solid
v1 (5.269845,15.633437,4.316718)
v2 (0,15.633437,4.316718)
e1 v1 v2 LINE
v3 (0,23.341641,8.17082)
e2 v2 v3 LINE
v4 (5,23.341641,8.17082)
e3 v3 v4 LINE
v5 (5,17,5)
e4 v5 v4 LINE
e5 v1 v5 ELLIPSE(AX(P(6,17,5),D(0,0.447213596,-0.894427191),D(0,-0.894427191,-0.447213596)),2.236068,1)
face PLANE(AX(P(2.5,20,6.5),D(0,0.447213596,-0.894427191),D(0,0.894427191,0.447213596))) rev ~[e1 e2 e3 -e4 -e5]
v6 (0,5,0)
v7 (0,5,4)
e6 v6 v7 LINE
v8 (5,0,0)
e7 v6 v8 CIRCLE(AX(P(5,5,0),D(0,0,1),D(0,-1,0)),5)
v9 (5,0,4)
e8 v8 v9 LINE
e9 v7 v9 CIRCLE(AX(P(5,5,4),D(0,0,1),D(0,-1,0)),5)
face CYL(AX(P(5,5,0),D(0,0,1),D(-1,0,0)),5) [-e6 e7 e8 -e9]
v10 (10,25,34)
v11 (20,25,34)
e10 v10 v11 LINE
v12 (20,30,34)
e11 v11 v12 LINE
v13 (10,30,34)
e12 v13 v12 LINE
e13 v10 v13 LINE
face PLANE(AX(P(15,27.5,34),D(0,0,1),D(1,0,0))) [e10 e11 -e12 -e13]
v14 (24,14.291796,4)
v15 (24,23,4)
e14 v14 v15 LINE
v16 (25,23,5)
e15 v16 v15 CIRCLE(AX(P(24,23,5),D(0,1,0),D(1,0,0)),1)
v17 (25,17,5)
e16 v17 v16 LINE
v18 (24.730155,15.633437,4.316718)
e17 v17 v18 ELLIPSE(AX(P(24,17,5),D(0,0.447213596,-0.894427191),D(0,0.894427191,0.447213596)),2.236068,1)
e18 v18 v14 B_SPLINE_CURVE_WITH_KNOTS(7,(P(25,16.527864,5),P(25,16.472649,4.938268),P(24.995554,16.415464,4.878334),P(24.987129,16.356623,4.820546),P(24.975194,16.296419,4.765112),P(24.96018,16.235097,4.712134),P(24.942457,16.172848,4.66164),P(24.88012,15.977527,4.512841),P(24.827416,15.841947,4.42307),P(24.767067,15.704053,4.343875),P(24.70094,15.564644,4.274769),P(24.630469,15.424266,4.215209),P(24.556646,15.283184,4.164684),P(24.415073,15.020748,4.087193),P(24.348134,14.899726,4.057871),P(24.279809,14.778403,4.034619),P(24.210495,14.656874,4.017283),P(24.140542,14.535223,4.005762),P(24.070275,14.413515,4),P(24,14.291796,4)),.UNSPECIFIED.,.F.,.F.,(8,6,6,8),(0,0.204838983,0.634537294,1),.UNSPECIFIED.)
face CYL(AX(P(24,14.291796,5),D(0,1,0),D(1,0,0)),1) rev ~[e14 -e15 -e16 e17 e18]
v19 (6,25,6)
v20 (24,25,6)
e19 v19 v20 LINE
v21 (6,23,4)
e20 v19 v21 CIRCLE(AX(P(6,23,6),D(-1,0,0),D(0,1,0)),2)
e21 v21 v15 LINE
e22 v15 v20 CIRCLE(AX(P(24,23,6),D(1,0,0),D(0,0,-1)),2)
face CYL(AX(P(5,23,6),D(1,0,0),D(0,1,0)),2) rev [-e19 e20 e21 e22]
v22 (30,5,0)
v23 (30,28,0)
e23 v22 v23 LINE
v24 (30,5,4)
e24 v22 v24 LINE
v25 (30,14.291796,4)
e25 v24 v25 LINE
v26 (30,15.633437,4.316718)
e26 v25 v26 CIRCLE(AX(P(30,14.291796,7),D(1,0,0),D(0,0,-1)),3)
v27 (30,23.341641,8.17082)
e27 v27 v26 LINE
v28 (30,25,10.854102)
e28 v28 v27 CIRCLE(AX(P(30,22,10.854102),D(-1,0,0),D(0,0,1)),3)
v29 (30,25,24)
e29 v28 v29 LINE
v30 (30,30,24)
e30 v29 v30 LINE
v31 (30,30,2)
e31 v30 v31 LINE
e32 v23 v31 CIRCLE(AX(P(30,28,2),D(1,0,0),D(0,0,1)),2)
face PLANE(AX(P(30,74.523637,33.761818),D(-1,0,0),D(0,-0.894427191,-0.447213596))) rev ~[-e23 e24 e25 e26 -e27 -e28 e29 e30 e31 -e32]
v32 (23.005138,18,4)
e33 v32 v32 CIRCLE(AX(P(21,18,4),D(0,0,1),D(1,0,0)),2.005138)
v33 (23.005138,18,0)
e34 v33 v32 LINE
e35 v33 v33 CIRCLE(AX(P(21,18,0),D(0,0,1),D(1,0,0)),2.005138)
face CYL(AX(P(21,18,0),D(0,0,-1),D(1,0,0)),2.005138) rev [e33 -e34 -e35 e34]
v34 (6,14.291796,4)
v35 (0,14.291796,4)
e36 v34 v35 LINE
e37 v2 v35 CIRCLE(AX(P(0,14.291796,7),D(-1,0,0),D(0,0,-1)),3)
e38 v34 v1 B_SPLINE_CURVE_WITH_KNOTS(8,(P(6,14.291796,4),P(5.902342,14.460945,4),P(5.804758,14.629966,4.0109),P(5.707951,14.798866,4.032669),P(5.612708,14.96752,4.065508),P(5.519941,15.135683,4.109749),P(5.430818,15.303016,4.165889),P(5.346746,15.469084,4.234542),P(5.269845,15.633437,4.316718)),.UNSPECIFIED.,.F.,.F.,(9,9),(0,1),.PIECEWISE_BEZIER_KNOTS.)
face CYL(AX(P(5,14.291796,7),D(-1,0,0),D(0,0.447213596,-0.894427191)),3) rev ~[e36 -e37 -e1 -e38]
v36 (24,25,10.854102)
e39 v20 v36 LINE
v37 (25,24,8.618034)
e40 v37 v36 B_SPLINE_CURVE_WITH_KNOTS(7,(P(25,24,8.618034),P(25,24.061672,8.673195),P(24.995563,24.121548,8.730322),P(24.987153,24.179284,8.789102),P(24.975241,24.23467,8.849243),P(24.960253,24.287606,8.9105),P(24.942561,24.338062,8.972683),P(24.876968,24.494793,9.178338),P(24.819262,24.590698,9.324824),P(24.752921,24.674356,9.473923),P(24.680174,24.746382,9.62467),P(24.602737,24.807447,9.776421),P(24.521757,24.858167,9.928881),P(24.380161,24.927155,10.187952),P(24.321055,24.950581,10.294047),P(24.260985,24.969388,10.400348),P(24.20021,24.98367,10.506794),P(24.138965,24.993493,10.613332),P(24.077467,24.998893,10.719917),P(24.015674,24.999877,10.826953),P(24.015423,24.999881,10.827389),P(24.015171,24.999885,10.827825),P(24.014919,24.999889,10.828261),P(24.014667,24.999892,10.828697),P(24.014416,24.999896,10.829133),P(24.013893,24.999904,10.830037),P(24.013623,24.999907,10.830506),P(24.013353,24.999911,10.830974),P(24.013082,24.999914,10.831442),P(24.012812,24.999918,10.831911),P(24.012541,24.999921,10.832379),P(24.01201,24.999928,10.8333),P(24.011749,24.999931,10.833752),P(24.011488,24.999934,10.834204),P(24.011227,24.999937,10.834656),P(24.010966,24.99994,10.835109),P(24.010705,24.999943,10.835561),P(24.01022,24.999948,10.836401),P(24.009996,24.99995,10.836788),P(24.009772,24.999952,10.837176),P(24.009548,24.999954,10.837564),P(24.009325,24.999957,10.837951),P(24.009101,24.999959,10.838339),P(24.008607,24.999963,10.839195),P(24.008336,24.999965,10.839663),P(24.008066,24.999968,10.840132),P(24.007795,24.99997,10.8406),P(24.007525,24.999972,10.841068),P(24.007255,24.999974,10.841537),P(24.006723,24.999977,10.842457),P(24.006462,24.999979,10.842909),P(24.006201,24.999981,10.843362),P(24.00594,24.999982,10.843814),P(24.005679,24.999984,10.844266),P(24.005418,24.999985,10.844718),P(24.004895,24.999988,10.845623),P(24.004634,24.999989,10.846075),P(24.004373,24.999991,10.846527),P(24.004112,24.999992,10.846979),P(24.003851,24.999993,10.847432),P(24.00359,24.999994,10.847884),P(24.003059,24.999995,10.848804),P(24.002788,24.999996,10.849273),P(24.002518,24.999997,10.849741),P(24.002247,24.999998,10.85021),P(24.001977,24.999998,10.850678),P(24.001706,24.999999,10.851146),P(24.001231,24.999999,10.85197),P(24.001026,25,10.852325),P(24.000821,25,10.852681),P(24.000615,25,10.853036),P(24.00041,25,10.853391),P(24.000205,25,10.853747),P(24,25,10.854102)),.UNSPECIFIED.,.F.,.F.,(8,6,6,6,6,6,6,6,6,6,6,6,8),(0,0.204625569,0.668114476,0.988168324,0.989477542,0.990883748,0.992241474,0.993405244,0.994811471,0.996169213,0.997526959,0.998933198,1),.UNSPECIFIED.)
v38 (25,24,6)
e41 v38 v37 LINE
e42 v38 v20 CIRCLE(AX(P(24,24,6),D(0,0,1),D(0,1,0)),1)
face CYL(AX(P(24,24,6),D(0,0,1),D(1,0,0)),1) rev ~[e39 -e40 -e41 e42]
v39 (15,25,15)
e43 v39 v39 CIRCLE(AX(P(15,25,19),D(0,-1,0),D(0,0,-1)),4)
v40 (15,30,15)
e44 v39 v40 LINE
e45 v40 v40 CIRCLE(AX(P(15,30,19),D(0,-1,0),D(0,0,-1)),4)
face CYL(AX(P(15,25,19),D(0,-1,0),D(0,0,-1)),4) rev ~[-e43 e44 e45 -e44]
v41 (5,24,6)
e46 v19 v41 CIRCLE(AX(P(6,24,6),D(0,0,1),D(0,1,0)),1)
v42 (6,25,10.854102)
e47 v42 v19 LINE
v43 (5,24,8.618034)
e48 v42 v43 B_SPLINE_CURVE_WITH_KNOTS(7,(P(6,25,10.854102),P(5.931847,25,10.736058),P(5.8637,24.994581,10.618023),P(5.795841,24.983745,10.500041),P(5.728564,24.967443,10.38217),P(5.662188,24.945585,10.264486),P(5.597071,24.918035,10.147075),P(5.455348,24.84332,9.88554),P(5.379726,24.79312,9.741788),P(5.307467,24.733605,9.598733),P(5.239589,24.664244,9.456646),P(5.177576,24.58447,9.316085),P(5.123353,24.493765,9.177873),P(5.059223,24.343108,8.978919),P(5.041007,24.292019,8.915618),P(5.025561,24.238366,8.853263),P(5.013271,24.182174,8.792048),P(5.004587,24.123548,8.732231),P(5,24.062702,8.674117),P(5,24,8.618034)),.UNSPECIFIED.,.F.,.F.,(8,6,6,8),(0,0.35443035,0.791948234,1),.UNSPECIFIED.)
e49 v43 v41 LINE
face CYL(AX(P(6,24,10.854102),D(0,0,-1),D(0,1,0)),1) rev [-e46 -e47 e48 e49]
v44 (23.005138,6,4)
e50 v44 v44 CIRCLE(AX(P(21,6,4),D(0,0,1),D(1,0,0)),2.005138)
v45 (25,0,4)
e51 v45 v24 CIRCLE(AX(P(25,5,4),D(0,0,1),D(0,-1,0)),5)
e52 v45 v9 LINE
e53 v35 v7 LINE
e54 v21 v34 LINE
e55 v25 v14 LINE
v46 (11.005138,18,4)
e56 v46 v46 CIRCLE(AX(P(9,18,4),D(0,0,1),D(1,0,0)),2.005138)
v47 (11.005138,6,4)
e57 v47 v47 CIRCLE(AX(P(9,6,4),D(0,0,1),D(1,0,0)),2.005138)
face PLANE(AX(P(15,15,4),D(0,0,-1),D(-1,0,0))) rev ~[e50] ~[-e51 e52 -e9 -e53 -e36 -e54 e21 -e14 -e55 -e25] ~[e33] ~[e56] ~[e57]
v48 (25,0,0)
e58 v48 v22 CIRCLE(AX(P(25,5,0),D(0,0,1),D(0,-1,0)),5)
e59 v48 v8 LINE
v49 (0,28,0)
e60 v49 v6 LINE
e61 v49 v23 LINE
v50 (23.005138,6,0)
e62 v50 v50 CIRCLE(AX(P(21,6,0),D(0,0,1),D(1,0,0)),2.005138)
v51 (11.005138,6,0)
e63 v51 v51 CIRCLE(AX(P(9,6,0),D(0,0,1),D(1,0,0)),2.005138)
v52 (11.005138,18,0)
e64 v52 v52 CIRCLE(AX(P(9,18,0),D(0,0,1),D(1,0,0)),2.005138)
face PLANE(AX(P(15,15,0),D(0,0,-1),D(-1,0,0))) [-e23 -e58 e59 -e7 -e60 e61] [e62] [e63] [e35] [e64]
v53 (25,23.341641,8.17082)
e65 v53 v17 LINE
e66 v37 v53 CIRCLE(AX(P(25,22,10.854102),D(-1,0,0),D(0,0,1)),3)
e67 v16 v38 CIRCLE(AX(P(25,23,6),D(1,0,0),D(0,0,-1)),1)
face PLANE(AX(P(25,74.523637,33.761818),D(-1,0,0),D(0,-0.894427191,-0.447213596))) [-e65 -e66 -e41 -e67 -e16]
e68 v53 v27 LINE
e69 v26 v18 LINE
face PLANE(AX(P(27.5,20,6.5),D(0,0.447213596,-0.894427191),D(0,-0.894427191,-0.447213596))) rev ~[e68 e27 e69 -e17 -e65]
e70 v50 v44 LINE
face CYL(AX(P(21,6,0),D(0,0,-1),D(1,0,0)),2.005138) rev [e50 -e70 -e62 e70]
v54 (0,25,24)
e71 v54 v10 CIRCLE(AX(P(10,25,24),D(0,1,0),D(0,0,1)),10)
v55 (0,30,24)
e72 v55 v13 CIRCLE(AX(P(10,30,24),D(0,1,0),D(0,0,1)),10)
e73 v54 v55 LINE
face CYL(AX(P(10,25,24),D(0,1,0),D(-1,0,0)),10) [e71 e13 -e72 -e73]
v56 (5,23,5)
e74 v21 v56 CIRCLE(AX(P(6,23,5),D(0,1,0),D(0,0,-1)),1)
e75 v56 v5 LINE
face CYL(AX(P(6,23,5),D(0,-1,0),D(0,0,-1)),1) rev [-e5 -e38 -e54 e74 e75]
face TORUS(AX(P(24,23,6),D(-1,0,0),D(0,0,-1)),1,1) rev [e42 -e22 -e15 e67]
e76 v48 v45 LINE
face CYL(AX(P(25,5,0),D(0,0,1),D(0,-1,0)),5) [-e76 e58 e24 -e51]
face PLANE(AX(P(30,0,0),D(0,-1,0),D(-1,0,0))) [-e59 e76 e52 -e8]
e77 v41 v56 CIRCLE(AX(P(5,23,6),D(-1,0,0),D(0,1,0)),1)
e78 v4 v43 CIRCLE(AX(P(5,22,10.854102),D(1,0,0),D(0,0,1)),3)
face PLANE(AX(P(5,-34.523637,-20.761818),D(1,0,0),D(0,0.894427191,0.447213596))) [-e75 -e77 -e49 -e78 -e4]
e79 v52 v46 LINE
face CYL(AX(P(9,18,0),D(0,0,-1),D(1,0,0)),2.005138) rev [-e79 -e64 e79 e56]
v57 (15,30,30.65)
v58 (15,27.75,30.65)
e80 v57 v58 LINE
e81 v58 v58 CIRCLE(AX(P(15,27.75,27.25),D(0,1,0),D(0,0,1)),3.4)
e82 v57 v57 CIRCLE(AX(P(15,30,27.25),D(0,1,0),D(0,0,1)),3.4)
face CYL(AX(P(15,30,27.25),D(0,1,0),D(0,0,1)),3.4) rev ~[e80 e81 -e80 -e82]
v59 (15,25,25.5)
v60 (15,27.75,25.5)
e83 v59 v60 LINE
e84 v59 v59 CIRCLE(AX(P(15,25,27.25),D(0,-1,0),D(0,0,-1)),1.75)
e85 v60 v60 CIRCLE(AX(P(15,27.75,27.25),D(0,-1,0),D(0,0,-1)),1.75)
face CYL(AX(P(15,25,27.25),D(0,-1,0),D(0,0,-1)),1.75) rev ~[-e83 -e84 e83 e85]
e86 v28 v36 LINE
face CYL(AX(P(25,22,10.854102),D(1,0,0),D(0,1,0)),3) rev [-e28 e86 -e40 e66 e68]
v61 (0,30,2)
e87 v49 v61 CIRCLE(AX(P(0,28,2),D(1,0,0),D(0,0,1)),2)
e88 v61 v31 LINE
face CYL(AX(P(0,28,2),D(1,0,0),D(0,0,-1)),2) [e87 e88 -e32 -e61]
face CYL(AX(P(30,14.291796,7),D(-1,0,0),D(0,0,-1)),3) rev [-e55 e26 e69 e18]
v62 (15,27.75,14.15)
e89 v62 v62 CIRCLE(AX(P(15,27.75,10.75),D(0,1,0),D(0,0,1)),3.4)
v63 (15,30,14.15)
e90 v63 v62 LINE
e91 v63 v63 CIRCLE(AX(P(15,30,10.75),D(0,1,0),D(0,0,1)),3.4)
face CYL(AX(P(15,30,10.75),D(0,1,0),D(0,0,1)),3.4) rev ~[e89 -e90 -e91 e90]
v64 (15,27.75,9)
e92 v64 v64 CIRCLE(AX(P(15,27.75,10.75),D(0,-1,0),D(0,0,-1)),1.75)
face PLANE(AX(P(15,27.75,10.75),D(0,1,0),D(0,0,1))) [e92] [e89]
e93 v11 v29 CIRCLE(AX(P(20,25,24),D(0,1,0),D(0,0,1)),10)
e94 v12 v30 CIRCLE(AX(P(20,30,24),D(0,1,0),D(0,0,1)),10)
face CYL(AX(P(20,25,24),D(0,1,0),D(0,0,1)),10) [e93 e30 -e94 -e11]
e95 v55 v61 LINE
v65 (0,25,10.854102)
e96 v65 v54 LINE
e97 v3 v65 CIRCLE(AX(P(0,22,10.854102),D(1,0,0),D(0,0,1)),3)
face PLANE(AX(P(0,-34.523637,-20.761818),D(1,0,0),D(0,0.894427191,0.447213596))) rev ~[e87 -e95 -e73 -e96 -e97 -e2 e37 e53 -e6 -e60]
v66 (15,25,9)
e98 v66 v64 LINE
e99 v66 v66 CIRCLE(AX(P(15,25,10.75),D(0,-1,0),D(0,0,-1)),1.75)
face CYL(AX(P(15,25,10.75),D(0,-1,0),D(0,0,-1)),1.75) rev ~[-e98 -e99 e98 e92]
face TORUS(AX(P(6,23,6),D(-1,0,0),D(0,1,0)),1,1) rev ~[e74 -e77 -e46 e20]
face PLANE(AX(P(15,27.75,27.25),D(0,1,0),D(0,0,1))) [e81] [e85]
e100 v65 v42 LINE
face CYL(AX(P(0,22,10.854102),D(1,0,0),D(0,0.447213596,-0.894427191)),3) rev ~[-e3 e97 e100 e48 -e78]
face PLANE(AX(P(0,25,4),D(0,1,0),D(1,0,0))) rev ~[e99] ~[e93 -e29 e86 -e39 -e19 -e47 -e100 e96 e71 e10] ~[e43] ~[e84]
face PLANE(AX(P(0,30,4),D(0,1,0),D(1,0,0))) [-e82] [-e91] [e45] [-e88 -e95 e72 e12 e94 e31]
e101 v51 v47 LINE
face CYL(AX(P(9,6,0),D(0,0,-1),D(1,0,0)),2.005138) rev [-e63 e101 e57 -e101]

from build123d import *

# Parameters (mm, degrees)
CROQUIS1_R              = 2.005138112
SALIENTE_EXTRUIR1_DEPTH = 4
CROQUIS2_W              = 30
CROQUIS2_H              = 5
SALIENTE_EXTRUIR2_DEPTH = 30
CROQUIS3_R              = 1.75
CROQUIS3_R_2            = 4
CORTAR_EXTRUIR1_DEPTH   = 52.778373864
REDONDEO1_R             = 10
REDONDEO2_R             = 5
REDONDEO4_R             = 2
CROQUIS4_R              = 3.4
CORTAR_EXTRUIR2_DEPTH   = 2.25
NERVIO12_REACH          = 56.369
CROQUIS7_WALL_W         = 121.91855764
CROQUIS7_WALL_H         = 5
NERVIO13_REACH          = 56.369
CROQUIS8_WALL_W         = 121.91855764
CROQUIS8_WALL_H         = 5
REDONDEO6_R             = 3
REDONDEO7_R             = 2
REDONDEO8_R             = 1


with BuildPart() as part:
    # Croquis1 → Saliente-Extruir1 (new body)
    with BuildSketch(Plane.XY):
        Polygon((0, 21.15), (0, 30), (30, 30), (30, 21.15), (30, 14.85), (30, 0), (0, 0), (0, 14.85), align=None)
        with Locations((9, 18)):
            Circle(CROQUIS1_R, mode=Mode.SUBTRACT)
        with Locations((21, 18)):
            Circle(CROQUIS1_R, mode=Mode.SUBTRACT)
        with Locations((21, 6)):
            Circle(CROQUIS1_R, mode=Mode.SUBTRACT)
        with Locations((9, 6)):
            Circle(CROQUIS1_R, mode=Mode.SUBTRACT)
    extrude(amount=SALIENTE_EXTRUIR1_DEPTH)

    # Croquis2 → Saliente-Extruir2 (add)
    with BuildSketch(Plane.XY.offset(4)):
        with Locations((15, 27.5)):
            Rectangle(CROQUIS2_W, CROQUIS2_H)
    extrude(amount=SALIENTE_EXTRUIR2_DEPTH)

    # Croquis3 → Cortar-Extruir1 (cut, through all)
    with BuildSketch(Plane.XZ.offset(-25)):
        with Locations(Location((15, 27.25, 0), (0, 0, 270))):
            Circle(CROQUIS3_R)
        with Locations(Location((15, 10.75, 0), (0, 0, 270))):
            Circle(CROQUIS3_R)
        with Locations(Location((15, 19, 0), (0, 0, 270))):
            Circle(CROQUIS3_R_2)
    extrude(amount=-CORTAR_EXTRUIR1_DEPTH, mode=Mode.SUBTRACT)

    # Redondeo1
    redondeo1_edges = [part.edges().sort_by_distance(p)[0] for p in [
        (0, 27.5, 34),
        (30, 27.5, 34),
    ]]
    fillet(redondeo1_edges, radius=REDONDEO1_R)

    # Redondeo2
    redondeo2_edges = [part.edges().sort_by_distance(p)[0] for p in [
        (30, 0, 2),
        (0, 0, 2),
    ]]
    fillet(redondeo2_edges, radius=REDONDEO2_R)

    # Redondeo4
    redondeo4_edges = [part.edges().sort_by_distance(p)[0] for p in [
        (15, 30, 0),
    ]]
    fillet(redondeo4_edges, radius=REDONDEO4_R)

    # Croquis4 → Cortar-Extruir2 (cut)
    with BuildSketch(Plane(origin=(0, 30, 0), x_dir=(1, 0, 0), z_dir=(0, 1, 0))):
        with Locations(Location((15, -10.75, 0), (0, 0, 270))):
            Circle(CROQUIS4_R)
        with Locations(Location((15, -27.25, 0), (0, 0, 270))):
            Circle(CROQUIS4_R)
    extrude(amount=-CORTAR_EXTRUIR2_DEPTH, mode=Mode.SUBTRACT)

    # Croquis7 wall → Nervio12 (add, up to next)
    with BuildSketch(Plane(origin=(30, 20, 6.5), x_dir=(0, -0.894427191, -0.4472135955), z_dir=(0, 0.4472135955, -0.894427191)), mode=Mode.PRIVATE) as nervio12_sk1:
        with Locations((0, 2.5)):
            Rectangle(CROQUIS7_WALL_W, CROQUIS7_WALL_H)
    nervio12_tool1 = extrude(nervio12_sk1.sketch, amount=NERVIO12_REACH, mode=Mode.PRIVATE) - part.part
    add(nervio12_tool1.solids().sort_by_distance((30, 20, 6.5))[0])

    # Croquis8 wall → Nervio13 (add, up to next)
    with BuildSketch(Plane(origin=(0, 20, 6.5), x_dir=(0, 0.894427191, 0.4472135955), z_dir=(0, 0.4472135955, -0.894427191)), mode=Mode.PRIVATE) as nervio13_sk1:
        with Locations((0, 2.5)):
            Rectangle(CROQUIS8_WALL_W, CROQUIS8_WALL_H)
    nervio13_tool1 = extrude(nervio13_sk1.sketch, amount=NERVIO13_REACH, mode=Mode.PRIVATE) - part.part
    add(nervio13_tool1.solids().sort_by_distance((0, 20, 6.5))[0])

    # Redondeo6
    redondeo6_edges = [part.edges().sort_by_distance(p)[0] for p in [
        (27.5, 25, 9),
        (27.5, 15, 4),
        (2.5, 25, 9),
        (2.5, 15, 4),
    ]]
    fillet(redondeo6_edges, radius=REDONDEO6_R)

    # Redondeo7
    redondeo7_edges = [part.edges().sort_by_distance(p)[0] for p in [
        (15, 25, 4),
    ]]
    fillet(redondeo7_edges, radius=REDONDEO7_R)

    # Redondeo8
    redondeo8_edges = [part.edges().sort_by_distance(p)[0] for p in [
        (5, 25, 8.427050983),
        (5, 24.414213562, 4.585786438),
        (5, 18.645898034, 4),
        (25, 25, 8.427050983),
        (25, 24.414213562, 4.585786438),
        (25, 18.645898034, 4),
    ]]
    fillet(redondeo8_edges, radius=REDONDEO8_R)


solid = part.part
